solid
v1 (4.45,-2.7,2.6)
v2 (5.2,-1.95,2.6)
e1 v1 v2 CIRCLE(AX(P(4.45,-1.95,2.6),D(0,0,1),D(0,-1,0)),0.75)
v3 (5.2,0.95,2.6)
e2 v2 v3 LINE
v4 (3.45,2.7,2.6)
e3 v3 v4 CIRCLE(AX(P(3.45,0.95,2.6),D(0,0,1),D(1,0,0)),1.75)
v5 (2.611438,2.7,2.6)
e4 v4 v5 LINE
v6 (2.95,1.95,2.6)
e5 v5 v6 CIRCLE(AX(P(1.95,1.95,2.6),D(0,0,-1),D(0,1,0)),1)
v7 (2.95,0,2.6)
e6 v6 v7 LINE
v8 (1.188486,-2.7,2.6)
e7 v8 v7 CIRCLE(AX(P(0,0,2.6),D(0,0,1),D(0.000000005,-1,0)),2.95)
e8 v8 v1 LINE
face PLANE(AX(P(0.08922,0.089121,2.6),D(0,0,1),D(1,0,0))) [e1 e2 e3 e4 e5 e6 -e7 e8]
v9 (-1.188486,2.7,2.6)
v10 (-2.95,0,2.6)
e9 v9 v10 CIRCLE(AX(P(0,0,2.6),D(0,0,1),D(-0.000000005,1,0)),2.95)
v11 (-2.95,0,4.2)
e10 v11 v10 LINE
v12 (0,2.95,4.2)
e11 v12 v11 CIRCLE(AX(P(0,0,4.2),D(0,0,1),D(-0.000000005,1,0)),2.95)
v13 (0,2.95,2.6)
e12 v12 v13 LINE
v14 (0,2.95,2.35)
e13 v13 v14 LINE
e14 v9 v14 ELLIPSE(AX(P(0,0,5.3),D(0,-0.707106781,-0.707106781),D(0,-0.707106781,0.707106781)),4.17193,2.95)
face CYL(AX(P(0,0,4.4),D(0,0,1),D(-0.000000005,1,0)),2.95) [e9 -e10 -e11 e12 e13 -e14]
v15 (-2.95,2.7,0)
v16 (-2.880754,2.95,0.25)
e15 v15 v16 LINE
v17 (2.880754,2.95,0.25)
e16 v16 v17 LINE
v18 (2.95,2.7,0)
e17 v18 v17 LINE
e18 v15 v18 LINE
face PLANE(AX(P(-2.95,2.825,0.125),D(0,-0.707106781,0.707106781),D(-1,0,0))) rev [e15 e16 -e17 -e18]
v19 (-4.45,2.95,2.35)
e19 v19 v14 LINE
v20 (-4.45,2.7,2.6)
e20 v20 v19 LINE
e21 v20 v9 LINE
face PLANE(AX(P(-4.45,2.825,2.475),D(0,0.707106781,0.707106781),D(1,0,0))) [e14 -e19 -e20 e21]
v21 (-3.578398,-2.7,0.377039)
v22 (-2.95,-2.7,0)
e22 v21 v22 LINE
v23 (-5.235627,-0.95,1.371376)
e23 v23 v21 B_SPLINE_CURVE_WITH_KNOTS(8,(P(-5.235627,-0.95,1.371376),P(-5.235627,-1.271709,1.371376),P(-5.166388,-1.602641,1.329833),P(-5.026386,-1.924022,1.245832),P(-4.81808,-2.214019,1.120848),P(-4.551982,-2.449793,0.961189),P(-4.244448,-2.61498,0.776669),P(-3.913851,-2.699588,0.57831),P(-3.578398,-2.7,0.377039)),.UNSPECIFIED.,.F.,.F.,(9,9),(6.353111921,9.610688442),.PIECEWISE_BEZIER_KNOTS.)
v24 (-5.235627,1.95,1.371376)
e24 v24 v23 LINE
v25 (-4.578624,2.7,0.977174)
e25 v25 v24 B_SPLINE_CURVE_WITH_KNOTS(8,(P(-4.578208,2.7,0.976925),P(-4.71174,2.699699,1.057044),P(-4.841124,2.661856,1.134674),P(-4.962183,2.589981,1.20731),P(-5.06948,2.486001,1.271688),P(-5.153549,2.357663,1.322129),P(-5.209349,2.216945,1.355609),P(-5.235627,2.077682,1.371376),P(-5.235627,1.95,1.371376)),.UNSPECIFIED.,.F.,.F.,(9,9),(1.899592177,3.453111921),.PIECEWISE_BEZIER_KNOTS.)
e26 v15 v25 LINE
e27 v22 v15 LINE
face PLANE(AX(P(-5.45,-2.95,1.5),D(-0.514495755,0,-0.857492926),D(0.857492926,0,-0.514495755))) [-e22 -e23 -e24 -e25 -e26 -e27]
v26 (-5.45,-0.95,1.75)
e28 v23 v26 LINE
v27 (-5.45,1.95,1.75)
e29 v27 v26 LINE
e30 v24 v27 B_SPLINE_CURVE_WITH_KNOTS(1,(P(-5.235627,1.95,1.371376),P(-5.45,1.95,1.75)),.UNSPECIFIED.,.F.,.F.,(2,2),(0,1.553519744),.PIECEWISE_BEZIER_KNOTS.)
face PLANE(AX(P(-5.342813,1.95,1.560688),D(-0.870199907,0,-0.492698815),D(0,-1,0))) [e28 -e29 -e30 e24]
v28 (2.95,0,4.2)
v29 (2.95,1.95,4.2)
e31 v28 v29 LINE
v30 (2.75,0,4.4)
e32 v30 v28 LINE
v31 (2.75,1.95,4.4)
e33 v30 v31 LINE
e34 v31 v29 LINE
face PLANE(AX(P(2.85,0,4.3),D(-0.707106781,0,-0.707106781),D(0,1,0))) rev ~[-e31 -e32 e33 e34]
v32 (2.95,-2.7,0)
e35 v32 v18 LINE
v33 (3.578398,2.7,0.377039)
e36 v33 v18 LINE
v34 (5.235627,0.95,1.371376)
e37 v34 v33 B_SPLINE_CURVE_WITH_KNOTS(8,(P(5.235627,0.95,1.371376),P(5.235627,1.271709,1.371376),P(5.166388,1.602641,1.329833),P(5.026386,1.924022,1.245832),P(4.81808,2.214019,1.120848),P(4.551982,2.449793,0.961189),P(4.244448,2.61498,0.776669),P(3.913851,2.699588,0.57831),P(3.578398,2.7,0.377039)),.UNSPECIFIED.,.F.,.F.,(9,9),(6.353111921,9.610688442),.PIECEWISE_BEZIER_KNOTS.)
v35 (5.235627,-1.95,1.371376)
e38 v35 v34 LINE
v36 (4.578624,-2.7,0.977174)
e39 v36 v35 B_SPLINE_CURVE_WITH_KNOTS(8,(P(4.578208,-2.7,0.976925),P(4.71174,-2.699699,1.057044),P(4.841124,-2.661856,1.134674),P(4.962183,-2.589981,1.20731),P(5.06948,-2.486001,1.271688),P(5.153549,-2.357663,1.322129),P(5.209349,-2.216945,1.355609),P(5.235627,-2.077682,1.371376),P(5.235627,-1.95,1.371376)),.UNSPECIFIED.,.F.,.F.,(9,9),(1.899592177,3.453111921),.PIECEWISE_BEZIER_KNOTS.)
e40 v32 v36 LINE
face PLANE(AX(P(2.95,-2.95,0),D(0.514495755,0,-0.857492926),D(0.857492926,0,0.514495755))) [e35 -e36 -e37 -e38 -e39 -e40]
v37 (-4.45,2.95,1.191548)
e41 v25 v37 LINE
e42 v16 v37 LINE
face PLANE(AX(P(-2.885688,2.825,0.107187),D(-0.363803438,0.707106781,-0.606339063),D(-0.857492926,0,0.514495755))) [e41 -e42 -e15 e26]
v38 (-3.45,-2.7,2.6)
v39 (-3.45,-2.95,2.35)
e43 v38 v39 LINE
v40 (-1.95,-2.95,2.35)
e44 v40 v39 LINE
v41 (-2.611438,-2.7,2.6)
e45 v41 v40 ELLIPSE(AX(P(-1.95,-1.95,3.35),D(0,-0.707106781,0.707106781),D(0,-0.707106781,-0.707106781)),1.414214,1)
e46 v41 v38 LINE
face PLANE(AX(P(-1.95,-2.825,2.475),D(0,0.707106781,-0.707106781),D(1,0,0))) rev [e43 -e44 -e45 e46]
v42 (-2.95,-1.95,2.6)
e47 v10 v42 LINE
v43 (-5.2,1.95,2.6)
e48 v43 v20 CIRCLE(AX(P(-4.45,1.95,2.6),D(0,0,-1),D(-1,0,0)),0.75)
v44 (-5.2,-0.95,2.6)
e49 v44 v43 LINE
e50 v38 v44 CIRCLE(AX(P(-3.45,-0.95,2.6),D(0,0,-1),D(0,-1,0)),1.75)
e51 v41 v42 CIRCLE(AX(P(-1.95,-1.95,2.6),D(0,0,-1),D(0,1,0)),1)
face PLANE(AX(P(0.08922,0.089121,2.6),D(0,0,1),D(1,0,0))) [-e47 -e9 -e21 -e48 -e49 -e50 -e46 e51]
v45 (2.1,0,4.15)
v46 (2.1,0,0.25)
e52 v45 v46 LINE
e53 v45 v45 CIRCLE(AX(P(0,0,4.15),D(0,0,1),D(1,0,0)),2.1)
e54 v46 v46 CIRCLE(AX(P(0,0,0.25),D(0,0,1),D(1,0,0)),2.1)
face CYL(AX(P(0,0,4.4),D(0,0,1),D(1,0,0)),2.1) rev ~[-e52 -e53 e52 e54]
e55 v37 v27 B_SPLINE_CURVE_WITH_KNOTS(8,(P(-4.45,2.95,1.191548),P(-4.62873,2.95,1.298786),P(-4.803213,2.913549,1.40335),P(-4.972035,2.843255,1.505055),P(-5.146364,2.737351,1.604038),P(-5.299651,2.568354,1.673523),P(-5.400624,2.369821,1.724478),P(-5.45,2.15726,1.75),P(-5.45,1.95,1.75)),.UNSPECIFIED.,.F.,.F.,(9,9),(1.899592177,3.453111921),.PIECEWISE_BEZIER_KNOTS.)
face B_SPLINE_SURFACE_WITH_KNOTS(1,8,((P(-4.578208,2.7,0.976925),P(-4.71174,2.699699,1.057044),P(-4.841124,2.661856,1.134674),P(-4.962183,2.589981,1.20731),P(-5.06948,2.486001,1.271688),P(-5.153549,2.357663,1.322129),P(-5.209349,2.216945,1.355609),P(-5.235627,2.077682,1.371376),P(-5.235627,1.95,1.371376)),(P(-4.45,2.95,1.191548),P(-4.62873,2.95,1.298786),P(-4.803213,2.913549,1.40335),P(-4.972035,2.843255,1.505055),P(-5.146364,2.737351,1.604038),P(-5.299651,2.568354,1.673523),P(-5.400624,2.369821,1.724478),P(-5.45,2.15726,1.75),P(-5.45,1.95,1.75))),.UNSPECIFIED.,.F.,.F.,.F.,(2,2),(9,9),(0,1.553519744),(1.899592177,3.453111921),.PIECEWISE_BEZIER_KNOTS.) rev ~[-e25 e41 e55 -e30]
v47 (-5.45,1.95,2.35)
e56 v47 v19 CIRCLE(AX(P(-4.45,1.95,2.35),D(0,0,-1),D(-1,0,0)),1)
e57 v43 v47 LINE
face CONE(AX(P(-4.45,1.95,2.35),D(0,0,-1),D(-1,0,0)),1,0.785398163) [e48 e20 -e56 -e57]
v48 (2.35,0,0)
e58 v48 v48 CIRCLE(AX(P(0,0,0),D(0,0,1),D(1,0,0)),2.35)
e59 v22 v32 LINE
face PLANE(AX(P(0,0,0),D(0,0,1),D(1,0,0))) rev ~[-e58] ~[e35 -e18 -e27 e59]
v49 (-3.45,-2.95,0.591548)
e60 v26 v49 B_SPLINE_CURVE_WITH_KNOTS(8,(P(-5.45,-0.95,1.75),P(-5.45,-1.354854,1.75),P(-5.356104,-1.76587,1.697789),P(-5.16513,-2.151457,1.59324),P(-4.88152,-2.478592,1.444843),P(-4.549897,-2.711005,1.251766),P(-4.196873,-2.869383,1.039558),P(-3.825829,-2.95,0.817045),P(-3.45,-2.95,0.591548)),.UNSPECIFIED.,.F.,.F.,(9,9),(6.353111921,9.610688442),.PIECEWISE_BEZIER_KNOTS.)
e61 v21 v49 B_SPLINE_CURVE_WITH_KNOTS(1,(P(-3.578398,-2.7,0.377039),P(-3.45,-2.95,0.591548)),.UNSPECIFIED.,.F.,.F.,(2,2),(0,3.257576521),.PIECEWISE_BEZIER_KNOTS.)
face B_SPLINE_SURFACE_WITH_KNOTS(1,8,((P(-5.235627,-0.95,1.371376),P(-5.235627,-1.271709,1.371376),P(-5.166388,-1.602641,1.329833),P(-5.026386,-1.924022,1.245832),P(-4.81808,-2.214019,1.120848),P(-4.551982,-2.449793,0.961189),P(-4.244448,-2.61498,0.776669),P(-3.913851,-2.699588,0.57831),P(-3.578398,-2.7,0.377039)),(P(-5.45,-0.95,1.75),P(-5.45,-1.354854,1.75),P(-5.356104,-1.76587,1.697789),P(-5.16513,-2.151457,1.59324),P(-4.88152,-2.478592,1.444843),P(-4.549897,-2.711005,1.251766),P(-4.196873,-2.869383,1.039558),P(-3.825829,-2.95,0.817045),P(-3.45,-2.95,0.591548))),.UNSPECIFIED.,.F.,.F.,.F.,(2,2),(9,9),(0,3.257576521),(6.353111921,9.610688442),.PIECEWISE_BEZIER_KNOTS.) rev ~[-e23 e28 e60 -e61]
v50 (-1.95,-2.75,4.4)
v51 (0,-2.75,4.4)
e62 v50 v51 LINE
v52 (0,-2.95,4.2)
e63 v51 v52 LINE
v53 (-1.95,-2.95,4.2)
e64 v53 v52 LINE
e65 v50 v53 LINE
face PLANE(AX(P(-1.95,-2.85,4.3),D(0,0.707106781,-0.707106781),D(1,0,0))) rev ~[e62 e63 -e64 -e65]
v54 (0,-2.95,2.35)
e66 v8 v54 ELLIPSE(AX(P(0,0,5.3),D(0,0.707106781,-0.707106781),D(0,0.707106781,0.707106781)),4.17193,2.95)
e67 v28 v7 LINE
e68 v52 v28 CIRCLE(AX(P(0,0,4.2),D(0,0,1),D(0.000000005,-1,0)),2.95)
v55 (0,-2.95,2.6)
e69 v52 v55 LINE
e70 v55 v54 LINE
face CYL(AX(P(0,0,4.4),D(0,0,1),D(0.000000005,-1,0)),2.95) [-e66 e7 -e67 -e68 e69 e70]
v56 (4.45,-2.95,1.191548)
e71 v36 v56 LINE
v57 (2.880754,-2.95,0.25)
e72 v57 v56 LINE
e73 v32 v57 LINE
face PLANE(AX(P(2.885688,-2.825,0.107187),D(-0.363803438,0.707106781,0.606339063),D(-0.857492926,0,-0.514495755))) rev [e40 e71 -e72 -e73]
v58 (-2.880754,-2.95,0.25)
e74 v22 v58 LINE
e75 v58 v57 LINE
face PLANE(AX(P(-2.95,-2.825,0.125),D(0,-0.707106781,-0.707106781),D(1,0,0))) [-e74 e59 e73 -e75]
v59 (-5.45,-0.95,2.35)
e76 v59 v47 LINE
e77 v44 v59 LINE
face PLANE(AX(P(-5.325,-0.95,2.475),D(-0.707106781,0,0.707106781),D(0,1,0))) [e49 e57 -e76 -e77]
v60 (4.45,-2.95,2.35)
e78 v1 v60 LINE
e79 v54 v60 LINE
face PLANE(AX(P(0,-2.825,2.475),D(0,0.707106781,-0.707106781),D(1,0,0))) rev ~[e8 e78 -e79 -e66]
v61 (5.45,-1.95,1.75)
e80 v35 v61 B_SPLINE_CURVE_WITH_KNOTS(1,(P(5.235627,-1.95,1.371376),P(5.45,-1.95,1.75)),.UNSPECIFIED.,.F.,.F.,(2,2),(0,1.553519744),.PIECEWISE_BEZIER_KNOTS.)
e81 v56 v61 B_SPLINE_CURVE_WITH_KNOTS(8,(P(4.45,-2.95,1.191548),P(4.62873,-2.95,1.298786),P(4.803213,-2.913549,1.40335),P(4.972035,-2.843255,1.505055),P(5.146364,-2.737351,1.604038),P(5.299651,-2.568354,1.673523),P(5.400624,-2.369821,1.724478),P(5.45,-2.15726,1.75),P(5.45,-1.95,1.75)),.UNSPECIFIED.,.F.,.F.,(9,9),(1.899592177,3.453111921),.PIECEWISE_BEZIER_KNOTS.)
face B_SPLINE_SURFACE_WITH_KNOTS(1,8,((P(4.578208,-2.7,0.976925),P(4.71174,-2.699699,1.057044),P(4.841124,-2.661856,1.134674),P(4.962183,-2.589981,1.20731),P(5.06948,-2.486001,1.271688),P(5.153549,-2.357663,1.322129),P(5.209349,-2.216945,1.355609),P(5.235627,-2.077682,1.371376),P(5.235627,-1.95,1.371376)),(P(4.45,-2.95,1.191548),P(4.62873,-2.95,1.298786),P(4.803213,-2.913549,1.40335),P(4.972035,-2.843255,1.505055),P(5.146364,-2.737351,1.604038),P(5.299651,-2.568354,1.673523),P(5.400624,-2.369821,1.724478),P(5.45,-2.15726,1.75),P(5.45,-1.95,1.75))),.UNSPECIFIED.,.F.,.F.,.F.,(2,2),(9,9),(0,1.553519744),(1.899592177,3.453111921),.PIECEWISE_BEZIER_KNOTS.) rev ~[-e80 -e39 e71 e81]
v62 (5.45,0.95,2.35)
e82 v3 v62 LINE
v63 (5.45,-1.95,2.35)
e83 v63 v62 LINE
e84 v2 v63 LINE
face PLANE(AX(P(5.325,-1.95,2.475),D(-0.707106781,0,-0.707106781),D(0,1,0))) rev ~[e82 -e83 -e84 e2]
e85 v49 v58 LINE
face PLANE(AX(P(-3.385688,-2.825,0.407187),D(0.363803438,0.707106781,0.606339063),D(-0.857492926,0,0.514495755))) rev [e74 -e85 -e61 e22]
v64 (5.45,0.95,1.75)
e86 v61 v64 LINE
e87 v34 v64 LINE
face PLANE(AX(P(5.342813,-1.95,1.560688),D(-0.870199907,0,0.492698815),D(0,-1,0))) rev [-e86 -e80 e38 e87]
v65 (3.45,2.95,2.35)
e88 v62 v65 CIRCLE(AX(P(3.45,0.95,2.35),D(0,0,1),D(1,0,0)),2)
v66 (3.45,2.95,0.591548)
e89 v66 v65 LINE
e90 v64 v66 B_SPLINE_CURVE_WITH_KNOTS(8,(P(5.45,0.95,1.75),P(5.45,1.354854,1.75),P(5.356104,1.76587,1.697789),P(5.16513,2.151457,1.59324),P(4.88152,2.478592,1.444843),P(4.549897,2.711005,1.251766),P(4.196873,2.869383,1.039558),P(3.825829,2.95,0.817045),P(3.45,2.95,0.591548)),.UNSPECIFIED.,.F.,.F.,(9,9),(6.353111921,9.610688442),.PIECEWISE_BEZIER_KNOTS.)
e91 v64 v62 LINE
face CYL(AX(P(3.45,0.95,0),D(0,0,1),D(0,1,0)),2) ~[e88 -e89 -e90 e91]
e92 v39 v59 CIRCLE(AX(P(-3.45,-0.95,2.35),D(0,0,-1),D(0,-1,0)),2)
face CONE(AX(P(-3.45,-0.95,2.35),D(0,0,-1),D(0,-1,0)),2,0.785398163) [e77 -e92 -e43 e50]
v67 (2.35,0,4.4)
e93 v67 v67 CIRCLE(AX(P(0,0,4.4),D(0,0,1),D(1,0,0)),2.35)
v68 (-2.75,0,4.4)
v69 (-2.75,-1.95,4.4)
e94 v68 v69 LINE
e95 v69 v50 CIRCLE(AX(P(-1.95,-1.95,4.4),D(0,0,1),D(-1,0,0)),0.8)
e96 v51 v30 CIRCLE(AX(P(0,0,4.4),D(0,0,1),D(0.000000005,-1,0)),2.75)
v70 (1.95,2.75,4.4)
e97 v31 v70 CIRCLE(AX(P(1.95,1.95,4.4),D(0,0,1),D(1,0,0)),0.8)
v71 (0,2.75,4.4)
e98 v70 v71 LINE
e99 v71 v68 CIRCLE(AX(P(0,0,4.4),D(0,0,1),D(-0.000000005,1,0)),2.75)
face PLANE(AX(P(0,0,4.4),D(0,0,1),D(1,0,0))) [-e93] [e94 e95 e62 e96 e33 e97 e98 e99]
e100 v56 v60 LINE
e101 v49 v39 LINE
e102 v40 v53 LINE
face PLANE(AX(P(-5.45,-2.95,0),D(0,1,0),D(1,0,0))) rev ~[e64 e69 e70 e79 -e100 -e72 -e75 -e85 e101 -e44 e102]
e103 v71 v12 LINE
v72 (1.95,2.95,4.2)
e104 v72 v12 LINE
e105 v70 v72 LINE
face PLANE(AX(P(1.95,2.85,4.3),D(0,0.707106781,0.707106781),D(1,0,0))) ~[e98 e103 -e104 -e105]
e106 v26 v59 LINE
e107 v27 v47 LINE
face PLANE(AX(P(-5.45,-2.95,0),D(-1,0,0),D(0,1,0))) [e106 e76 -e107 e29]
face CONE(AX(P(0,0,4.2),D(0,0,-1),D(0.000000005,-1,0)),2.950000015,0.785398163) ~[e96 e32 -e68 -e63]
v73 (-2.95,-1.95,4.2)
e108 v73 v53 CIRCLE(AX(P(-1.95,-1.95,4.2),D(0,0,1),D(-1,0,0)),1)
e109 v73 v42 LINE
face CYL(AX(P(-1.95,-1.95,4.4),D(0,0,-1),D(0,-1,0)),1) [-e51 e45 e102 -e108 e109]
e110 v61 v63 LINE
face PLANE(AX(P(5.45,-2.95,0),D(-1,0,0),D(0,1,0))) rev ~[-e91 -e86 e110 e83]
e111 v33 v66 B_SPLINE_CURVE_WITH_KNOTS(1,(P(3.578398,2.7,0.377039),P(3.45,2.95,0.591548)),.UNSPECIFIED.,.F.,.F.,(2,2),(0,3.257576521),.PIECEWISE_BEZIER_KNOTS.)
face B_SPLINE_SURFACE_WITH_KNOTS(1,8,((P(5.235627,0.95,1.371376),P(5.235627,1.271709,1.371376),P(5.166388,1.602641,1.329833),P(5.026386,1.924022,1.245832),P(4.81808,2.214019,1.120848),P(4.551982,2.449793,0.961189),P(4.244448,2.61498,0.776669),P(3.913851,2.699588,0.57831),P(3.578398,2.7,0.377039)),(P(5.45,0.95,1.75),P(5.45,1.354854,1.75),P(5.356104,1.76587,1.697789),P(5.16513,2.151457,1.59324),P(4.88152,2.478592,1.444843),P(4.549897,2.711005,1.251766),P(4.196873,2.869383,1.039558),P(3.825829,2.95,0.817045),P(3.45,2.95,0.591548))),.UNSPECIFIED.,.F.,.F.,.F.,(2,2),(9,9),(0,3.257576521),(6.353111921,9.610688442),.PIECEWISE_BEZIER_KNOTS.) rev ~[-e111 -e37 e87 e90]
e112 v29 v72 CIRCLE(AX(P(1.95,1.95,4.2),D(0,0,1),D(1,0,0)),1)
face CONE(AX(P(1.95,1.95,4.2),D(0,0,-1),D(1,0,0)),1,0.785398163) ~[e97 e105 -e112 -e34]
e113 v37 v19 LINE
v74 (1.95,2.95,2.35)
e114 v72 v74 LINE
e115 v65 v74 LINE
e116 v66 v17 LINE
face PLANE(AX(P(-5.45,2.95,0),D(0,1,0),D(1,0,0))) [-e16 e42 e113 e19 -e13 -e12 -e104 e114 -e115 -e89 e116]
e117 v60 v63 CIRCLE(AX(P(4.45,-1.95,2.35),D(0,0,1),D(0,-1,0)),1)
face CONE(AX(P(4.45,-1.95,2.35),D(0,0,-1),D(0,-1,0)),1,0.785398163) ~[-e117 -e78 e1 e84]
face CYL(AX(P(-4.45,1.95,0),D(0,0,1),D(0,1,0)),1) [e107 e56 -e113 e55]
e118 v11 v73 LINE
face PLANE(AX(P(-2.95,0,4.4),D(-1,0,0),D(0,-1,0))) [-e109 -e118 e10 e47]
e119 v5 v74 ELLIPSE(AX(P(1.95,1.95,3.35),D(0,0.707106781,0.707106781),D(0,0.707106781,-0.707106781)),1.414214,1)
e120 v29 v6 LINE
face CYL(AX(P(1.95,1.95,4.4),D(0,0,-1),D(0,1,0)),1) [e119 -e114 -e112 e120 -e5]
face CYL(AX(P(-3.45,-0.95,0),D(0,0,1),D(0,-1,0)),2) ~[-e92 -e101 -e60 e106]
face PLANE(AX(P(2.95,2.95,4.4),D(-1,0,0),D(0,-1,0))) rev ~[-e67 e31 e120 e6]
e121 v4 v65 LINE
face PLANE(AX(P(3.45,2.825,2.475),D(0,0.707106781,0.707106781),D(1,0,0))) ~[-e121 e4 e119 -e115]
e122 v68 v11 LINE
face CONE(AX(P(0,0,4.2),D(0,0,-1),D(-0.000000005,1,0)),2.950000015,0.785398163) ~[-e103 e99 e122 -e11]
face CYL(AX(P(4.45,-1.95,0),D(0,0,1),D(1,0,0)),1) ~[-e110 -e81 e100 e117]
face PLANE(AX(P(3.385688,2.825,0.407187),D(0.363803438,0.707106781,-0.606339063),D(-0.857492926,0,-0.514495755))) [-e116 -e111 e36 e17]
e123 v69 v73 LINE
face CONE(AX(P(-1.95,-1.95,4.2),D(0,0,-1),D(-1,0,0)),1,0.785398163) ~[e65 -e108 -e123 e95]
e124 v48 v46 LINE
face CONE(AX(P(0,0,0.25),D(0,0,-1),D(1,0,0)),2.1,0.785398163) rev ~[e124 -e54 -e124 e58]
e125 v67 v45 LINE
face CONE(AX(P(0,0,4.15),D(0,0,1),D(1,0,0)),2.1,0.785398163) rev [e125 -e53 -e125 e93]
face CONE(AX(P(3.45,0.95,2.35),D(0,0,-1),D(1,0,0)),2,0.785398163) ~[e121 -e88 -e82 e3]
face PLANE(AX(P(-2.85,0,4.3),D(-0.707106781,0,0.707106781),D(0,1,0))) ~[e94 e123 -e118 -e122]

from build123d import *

# Parameters (mm, degrees)
SKETCH_W        = 10.9
SKETCH_H        = 5.9
PAD_DEPTH       = 4.4
SKETCH001_R     = 2.1
HOLE_DEPTH      = 25
SKETCH002_W     = 13.975575
SKETCH002_H     = 8.81763
POCKET_DEPTH    = 1.8
FILLET_R        = 1
FILLET001_R     = 2
FILLET002_R     = 1
POCKET001_DEPTH = 5.901
CHAMFER_SIZE    = 0.25
CHAMFER001_SIZE = 0.2
CHAMFER002_SIZE = 0.25
CHAMFER003_SIZE = 0.25


with BuildPart() as part:
    # Sketch → Pad (new body)
    with BuildSketch(Plane.XY):
        Rectangle(SKETCH_W, SKETCH_H)
    extrude(amount=PAD_DEPTH)

    # Sketch001 (on Face6 of Pad) → Hole (cut)
    with BuildSketch(Plane.XY.offset(4.4)):
        Circle(SKETCH001_R)
    extrude(amount=-HOLE_DEPTH, mode=Mode.SUBTRACT)

    # Sketch002 (on Face5 of Hole) → Pocket (cut)
    with BuildSketch(Plane.XY.offset(4.4)):
        with Locations((0.08922, 0.089121)):
            Rectangle(SKETCH002_W, SKETCH002_H)
        with BuildLine():
            ThreePointArc((0, 2.95), (-2.085965, 2.085965), (-2.95, 0))
            Line((-2.95, 0), (-2.95, -2.95))
            Line((-2.95, -2.95), (0, -2.95))
            ThreePointArc((0, -2.95), (2.085965, -2.085965), (2.95, 0))
            Line((2.95, 2.95), (2.95, 0))
            Line((0, 2.95), (2.95, 2.95))
        make_face(mode=Mode.SUBTRACT)
    extrude(amount=-POCKET_DEPTH, mode=Mode.SUBTRACT)

    # Fillet
    fillet_edges = [part.edges().sort_by_distance(p)[0] for p in [
        (2.95, 2.95, 3.5),
        (-2.95, -2.95, 3.5),
    ]]
    fillet(fillet_edges, radius=FILLET_R)

    # Fillet001
    fillet001_edges = [part.edges().sort_by_distance(p)[0] for p in [
        (5.45, 2.95, 1.3),
        (-5.45, -2.95, 1.3),
    ]]
    fillet(fillet001_edges, radius=FILLET001_R)

    # Fillet002
    fillet002_edges = [part.edges().sort_by_distance(p)[0] for p in [
        (5.45, -2.95, 1.3),
        (-5.45, 2.95, 1.3),
    ]]
    fillet(fillet002_edges, radius=FILLET002_R)

    # Sketch003 (on Face5 of Fillet002) → Pocket001 (cut, through all)
    with BuildSketch(Plane.XZ.offset(2.95)):
        Polygon((-5.45, 1.5), (-2.95, 0), (-5.45, 0), align=None)
        Polygon((5.45, 1.5), (5.45, 0), (2.95, 0), align=None)
    extrude(amount=-POCKET001_DEPTH, mode=Mode.SUBTRACT)

    # Chamfer
    chamfer_edges = [part.edges().sort_by_distance(p)[0] for p in [
        (-2.1, 0, 0),
        (-2.1, 0, 4.4),
    ]]
    chamfer(chamfer_edges, length=CHAMFER_SIZE)

    # Chamfer001
    chamfer001_edges = [part.edges().sort_by_distance(p)[0] for p in [
        (-2.95, -0.975, 4.4),
    ]]
    chamfer(chamfer001_edges, length=CHAMFER001_SIZE)

    # Chamfer002
    chamfer002_edges = [part.edges().sort_by_distance(p)[0] for p in [
        (0, -2.95, 0),
        (3.7, -2.95, 0.45),
        (-3.2, -2.95, 0.15),
        (0, 2.95, 0),
    ]]
    chamfer(chamfer002_edges, length=CHAMFER002_SIZE)

    # Chamfer003
    chamfer003_edges = [part.edges().sort_by_distance(p)[0] for p in [
        (-4.864214, -2.364214, 2.6),
        (2.225, -2.95, 2.6),
    ]]
    chamfer(chamfer003_edges, length=CHAMFER003_SIZE)


solid = part.part
